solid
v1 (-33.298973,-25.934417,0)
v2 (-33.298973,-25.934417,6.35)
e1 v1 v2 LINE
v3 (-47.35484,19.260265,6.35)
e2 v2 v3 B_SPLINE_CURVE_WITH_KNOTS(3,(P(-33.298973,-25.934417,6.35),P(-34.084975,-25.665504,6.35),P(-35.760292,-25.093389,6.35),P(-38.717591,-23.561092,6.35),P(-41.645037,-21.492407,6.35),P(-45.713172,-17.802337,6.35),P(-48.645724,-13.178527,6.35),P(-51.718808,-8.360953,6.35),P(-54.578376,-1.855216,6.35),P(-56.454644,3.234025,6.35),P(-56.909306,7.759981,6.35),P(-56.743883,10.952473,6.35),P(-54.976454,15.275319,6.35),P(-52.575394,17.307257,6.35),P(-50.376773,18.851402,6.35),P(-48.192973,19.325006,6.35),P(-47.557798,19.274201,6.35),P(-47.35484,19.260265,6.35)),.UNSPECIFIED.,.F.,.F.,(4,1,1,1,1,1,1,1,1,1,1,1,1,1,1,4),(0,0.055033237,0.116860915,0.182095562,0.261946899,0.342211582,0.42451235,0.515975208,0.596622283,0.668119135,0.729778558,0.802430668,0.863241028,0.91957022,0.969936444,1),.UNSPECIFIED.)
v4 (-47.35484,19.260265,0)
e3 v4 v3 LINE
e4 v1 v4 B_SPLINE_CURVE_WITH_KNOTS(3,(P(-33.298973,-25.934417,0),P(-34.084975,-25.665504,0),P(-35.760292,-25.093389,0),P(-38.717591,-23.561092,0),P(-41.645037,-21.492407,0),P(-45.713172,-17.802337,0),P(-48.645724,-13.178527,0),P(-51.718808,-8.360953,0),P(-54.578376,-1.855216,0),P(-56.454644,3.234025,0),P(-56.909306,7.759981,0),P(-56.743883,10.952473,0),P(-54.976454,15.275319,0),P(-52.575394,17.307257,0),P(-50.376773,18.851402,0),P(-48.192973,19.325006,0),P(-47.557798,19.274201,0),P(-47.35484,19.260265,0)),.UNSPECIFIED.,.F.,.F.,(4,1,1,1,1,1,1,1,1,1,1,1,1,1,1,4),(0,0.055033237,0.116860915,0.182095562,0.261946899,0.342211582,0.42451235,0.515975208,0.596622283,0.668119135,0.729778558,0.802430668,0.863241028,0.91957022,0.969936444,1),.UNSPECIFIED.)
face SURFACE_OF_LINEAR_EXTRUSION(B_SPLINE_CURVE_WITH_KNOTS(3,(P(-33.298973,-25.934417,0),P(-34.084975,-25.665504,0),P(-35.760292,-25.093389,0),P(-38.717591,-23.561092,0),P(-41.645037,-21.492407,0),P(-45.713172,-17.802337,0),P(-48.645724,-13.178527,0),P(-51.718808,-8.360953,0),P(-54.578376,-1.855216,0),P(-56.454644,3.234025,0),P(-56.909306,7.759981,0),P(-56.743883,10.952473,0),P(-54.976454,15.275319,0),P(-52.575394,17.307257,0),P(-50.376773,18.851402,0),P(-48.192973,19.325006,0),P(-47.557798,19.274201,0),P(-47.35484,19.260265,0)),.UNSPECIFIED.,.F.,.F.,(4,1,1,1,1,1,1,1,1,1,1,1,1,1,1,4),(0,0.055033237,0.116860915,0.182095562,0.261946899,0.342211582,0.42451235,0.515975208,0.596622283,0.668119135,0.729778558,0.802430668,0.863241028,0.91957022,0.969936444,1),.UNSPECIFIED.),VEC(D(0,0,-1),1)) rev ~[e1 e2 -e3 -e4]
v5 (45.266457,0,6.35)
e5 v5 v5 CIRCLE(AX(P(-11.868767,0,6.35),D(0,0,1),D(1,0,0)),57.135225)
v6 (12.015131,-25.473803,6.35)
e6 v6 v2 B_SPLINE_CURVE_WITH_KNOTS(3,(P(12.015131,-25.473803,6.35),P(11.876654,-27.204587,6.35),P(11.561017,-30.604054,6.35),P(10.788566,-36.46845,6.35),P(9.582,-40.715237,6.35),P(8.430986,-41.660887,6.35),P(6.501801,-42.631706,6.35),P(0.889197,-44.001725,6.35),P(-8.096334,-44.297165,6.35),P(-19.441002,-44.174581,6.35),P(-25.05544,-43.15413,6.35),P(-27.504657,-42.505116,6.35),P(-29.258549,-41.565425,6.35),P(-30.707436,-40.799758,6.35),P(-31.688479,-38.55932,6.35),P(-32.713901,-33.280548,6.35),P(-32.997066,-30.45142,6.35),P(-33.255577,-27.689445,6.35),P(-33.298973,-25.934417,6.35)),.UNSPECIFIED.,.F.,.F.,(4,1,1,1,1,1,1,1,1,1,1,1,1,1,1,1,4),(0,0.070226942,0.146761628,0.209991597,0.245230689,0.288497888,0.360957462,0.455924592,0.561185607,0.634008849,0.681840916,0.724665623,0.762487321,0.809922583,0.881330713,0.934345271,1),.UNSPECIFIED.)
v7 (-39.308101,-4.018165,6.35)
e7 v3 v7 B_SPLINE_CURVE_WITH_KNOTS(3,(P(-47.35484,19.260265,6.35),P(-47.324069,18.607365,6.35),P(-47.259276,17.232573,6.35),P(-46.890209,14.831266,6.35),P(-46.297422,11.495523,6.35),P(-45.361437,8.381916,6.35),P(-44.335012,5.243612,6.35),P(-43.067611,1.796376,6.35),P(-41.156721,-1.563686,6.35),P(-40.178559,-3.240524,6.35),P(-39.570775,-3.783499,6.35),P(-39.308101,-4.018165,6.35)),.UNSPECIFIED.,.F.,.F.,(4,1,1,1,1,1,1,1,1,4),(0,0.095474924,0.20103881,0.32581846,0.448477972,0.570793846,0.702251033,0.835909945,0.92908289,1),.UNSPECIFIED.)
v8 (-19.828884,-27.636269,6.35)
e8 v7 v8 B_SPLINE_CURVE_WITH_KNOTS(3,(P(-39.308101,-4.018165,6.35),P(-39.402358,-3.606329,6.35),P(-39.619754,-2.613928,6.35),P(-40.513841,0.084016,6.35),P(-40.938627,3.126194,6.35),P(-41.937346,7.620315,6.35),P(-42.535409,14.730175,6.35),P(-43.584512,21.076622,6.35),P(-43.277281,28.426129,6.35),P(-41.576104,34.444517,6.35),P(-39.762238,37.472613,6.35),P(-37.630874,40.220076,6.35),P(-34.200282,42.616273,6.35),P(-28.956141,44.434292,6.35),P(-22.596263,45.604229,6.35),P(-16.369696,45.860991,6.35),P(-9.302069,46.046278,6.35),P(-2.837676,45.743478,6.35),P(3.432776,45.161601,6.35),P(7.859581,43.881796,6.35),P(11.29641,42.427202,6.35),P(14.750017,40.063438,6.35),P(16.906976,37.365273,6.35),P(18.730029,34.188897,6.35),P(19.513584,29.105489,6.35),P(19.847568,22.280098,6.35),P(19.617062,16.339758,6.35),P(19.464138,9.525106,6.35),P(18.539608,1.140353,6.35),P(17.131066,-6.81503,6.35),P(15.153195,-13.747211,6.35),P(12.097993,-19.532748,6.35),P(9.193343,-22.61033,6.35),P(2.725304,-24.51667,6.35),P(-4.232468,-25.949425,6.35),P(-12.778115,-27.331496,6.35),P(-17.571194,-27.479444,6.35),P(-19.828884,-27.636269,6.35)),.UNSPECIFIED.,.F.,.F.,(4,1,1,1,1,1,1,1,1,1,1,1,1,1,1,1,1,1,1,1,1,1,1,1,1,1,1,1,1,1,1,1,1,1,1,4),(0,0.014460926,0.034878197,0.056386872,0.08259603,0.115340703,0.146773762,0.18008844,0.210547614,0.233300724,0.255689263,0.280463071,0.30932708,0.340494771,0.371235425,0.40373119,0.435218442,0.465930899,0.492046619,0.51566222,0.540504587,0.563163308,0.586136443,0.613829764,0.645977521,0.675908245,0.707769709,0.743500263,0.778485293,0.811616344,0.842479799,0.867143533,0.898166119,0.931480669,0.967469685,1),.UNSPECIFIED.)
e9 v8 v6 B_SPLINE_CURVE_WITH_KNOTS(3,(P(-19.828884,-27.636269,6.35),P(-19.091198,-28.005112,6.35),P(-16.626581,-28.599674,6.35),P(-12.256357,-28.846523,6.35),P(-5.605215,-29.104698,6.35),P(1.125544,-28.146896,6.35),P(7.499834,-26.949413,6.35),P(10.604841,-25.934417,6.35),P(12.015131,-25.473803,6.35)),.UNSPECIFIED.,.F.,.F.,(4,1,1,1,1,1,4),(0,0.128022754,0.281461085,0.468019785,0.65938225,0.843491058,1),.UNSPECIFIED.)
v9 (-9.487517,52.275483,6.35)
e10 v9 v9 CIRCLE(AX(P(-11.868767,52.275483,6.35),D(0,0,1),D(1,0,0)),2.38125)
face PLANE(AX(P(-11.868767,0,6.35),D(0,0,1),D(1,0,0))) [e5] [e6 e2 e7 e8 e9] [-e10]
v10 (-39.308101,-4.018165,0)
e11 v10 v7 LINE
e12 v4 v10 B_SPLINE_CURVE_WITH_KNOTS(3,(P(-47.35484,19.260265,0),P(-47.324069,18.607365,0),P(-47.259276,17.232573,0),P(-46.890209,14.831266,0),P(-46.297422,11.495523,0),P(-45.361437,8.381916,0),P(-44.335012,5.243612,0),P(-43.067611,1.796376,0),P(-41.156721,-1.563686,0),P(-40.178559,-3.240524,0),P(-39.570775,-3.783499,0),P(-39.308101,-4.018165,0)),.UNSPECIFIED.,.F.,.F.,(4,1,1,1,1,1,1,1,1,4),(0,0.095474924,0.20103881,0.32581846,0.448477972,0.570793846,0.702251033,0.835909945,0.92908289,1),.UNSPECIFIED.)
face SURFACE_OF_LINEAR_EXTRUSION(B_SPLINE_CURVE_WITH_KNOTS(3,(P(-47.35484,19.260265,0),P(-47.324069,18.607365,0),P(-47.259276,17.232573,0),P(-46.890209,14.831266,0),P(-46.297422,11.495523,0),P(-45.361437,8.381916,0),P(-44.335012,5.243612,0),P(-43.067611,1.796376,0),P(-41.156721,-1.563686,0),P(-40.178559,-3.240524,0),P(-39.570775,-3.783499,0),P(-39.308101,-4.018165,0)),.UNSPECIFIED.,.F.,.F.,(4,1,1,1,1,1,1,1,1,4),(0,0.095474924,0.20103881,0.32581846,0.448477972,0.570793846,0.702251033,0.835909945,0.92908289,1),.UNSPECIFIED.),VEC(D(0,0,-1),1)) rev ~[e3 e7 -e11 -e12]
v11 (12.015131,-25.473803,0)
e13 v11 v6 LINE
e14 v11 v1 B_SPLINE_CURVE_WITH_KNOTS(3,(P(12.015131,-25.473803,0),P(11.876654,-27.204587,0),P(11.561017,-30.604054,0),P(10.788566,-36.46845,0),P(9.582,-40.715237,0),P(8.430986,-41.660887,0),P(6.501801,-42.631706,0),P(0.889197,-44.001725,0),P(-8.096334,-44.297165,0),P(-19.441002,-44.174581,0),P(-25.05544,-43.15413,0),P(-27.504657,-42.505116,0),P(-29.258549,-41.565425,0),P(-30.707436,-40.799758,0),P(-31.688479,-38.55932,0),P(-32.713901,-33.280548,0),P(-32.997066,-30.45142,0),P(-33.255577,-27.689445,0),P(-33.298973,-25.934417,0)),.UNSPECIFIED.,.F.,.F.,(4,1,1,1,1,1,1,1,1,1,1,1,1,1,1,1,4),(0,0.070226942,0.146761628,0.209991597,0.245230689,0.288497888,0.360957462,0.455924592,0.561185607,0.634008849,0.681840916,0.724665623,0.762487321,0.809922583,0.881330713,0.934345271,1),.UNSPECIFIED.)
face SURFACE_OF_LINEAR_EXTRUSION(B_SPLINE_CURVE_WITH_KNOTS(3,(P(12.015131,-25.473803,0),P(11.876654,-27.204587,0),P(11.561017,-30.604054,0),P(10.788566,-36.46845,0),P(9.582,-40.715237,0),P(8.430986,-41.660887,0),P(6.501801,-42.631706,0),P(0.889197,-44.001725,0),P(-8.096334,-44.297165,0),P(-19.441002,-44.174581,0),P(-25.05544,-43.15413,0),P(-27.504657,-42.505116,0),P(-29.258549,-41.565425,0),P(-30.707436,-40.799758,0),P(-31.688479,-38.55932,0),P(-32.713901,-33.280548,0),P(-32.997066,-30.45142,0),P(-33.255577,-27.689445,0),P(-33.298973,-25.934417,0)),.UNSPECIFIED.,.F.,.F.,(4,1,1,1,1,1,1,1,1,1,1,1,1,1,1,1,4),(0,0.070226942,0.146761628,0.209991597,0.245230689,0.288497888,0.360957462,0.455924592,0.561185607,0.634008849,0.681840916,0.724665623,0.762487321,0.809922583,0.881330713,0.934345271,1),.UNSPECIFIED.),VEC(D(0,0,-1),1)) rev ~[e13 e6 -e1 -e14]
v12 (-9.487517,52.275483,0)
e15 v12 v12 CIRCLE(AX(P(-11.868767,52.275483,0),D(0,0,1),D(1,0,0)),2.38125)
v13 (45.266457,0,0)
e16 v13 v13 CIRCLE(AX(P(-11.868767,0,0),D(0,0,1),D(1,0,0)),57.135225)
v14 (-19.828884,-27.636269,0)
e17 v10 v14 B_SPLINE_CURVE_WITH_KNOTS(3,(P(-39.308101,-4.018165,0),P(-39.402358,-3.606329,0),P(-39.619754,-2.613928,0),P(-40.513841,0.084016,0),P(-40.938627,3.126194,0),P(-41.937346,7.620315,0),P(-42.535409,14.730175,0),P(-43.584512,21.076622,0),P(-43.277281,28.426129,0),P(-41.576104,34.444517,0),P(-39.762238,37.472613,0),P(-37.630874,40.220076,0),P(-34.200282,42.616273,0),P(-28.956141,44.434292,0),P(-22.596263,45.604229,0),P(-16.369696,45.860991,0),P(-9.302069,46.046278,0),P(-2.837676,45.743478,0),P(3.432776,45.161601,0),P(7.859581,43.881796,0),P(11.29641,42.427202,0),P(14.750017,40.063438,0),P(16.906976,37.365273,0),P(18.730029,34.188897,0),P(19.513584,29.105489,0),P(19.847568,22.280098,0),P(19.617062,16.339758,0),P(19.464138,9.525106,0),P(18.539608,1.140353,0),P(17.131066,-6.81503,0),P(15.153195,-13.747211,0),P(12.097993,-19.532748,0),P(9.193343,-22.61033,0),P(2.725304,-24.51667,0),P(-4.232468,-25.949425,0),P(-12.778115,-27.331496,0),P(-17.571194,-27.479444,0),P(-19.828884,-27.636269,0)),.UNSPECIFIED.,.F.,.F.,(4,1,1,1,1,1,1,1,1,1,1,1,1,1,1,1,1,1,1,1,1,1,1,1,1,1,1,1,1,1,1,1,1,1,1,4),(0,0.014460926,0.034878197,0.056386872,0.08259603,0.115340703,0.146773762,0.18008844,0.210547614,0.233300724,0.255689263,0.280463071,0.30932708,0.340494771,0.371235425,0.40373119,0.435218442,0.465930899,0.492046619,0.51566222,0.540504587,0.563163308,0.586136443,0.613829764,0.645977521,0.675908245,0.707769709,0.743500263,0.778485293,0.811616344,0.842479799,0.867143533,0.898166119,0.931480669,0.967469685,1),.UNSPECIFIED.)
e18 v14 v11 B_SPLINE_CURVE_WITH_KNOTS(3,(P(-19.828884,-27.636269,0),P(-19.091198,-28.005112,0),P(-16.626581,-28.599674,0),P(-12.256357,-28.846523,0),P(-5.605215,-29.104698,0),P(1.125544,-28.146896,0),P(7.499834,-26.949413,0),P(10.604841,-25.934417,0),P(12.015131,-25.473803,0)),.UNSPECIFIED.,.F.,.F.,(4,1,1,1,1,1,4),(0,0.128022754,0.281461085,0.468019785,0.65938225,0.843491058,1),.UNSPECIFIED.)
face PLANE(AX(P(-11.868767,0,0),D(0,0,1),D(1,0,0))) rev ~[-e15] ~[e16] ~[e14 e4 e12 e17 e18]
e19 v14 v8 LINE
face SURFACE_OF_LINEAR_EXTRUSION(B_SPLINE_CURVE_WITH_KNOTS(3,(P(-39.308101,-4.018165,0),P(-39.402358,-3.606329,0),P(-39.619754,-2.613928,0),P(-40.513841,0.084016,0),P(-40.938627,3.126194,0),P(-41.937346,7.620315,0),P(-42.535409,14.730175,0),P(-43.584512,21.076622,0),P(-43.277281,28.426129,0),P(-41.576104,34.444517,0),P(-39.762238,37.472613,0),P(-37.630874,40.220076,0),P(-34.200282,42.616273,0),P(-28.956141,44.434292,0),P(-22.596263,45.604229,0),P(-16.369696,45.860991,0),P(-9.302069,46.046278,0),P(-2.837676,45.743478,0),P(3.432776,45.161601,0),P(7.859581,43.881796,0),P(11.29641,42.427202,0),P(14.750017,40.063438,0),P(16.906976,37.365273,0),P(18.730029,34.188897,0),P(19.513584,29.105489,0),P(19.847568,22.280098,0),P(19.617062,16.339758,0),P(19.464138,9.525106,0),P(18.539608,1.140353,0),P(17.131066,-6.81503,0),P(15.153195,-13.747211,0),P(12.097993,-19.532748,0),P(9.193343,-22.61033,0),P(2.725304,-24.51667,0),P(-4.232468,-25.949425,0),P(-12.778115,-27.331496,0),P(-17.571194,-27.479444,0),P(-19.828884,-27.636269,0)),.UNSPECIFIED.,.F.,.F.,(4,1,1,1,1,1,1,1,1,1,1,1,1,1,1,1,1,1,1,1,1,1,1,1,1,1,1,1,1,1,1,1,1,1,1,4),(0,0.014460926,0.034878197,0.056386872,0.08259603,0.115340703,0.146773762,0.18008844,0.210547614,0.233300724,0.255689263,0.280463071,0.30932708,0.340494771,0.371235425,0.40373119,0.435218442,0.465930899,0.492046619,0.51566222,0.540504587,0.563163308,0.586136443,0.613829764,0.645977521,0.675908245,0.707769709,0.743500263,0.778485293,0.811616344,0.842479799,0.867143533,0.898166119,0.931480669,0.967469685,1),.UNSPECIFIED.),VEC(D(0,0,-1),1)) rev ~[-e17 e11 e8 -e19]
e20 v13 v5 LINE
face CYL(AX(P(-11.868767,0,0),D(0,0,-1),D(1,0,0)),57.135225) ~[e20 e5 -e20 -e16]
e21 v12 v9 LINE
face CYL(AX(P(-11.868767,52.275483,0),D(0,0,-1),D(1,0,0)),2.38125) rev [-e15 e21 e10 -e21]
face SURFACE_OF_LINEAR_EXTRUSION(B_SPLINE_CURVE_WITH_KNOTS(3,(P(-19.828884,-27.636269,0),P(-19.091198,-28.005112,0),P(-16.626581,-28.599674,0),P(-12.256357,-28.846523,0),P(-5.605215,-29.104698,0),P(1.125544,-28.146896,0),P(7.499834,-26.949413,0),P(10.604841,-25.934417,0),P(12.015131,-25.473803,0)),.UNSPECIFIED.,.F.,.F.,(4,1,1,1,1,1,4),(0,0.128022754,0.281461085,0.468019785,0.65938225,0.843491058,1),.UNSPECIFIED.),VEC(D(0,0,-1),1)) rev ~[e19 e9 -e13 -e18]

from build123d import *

# Parameters (mm, degrees)
F1_R     = 57.1352249245
F1_R_2   = 2.38125
F2_DEPTH = 6.35
F3_DEPTH = 6.35


with BuildPart() as f2:
    # F1 (on Top) → F2 (new body)
    with BuildSketch(Plane.XY):
        with Locations((-11.8687674403, 0)):
            Circle(F1_R)
        with Locations((-11.8687674403, 52.2754825652)):
            Circle(F1_R_2, mode=Mode.SUBTRACT)
    extrude(amount=F2_DEPTH)

    # F0 (on Top) → F3 (cut)
    with BuildSketch(Plane.XY):
        with BuildLine():
            add(Edge.make_bspline(
                [(-19.828883931, -27.6362691075), (-19.0911983707, -28.0051118876), (-16.6265805566, -28.5996740522), (-12.2563574265, -28.8465231195), (-5.60521492, -29.1046977112), (1.1255439378, -28.1468959434), (7.4998337406, -26.9494129758), (10.6048407711, -25.9344165559), (12.0151313022, -25.4738028357)],
                knots=[0, 0, 0, 0, 0.1280227538, 0.2814610853, 0.4680197849, 0.6593822503, 0.8434910585, 1, 1, 1, 1], degree=3))
            add(Edge.make_bspline(
                [(-39.3081009388, -4.0181647055), (-39.4023575198, -3.6063293716), (-39.6197540968, -2.6139277985), (-40.5138406384, 0.0840158882), (-40.9386272687, 3.1261941582), (-41.9373459989, 7.6203147523), (-42.5354089026, 14.7301754042), (-43.5845115018, 21.0766221035), (-43.2772808811, 28.4261293077), (-41.576103616, 34.4445174234), (-39.762237914, 37.4726133781), (-37.6308743857, 40.2200762977), (-34.2002818986, 42.6162732477), (-28.9561411713, 44.4342922371), (-22.596263283, 45.604228755), (-16.3696962731, 45.8609913636), (-9.3020690594, 46.046277894), (-2.8376759037, 45.7434782777), (3.4327756317, 45.1616014507), (7.859580587, 43.8817960564), (11.2964096674, 42.4272021764), (14.7500172304, 40.0634377665), (16.9069758449, 37.3652733471), (18.7300291516, 34.1888972938), (19.5135839735, 29.1054891774), (19.8475677223, 22.2800979313), (19.6170620053, 16.3397578278), (19.4641382353, 9.5251057838), (18.5396084075, 1.1403532144), (17.1310662006, -6.8150302018), (15.1531947671, -13.747210919), (12.0979933262, -19.5327475955), (9.1933430016, -22.6103298922), (2.7253038322, -24.516669526), (-4.2324684761, -25.9494246364), (-12.778114958, -27.3314963571), (-17.5711940953, -27.4794438865), (-19.828883931, -27.6362691075)],
                knots=[0, 0, 0, 0, 0.0144609257, 0.034878197, 0.0563868717, 0.0825960298, 0.1153407032, 0.1467737623, 0.18008844, 0.2105476142, 0.2333007243, 0.2556892633, 0.2804630712, 0.3093270801, 0.3404947707, 0.3712354252, 0.4037311901, 0.4352184417, 0.4659308995, 0.4920466194, 0.5156622205, 0.5405045867, 0.5631633076, 0.5861364433, 0.6138297639, 0.6459775213, 0.6759082451, 0.7077697091, 0.7435002635, 0.7784852932, 0.8116163435, 0.8424797994, 0.8671435332, 0.8981661194, 0.9314806693, 0.9674696853, 1, 1, 1, 1], degree=3))
            add(Edge.make_bspline(
                [(-47.3548397422, 19.2602649331), (-47.3240691693, 18.6073652657), (-47.259276456, 17.2325731492), (-46.8902091451, 14.8312655089), (-46.2974218315, 11.4955227047), (-45.3614374622, 8.3819164862), (-44.3350120801, 5.2436118883), (-43.067610512, 1.7963758705), (-41.1567207942, -1.5636856935), (-40.1785591148, -3.2405241192), (-39.5707753899, -3.7834994226), (-39.3081009388, -4.0181647055)],
                knots=[0, 0, 0, 0, 0.0954749237, 0.2010388104, 0.3258184598, 0.4484779716, 0.5707938461, 0.7022510332, 0.8359099449, 0.9290828902, 1, 1, 1, 1], degree=3))
            add(Edge.make_bspline(
                [(-33.2989729941, -25.9344165559), (-34.0849751373, -25.665503732), (-35.7602917908, -25.0933885461), (-38.7175906157, -23.5610922136), (-41.6450365144, -21.4924073297), (-45.7131721867, -17.8023372985), (-48.6457235638, -13.1785266083), (-51.7188079555, -8.3609525386), (-54.5783764318, -1.8552162695), (-56.454643986, 3.2340254009), (-56.9093063345, 7.7599811484), (-56.7438833602, 10.952473222), (-54.9764541855, 15.2753187268), (-52.5753939914, 17.307256554), (-50.3767731806, 18.8514015674), (-48.1929725182, 19.3250063674), (-47.5577978544, 19.2742007806), (-47.3548397422, 19.2602649331)],
                knots=[0, 0, 0, 0, 0.055033237, 0.1168609154, 0.182095562, 0.2619468994, 0.3422115824, 0.4245123496, 0.5159752079, 0.5966222827, 0.6681191346, 0.7297785579, 0.8024306677, 0.8632410278, 0.9195702197, 0.9699364443, 1, 1, 1, 1], degree=3))
            add(Edge.make_bspline(
                [(12.0151313022, -25.4738028357), (11.8766540562, -27.2045867404), (11.5610170133, -30.6040543314), (10.788566453, -36.4684496994), (9.5820000065, -40.7152366768), (8.4309859587, -41.660886991), (6.5018010886, -42.6317064203), (0.8891965067, -44.0017251154), (-8.0963343567, -44.2971652144), (-19.4410020159, -44.1745814904), (-25.0554404461, -43.1541304008), (-27.5046572476, -42.5051163234), (-29.2585493108, -41.5654251437), (-30.7074363978, -40.7997584672), (-31.6884793576, -38.5593198372), (-32.7139006413, -33.2805483106), (-32.9970659479, -30.4514201529), (-33.2555770795, -27.6894452933), (-33.2989729941, -25.9344165559)],
                knots=[0, 0, 0, 0, 0.0702269421, 0.146761628, 0.2099915968, 0.2452306892, 0.2884978879, 0.3609574618, 0.4559245918, 0.5611856069, 0.634008849, 0.6818409158, 0.7246656232, 0.7624873209, 0.8099225832, 0.8813307134, 0.9343452711, 1, 1, 1, 1], degree=3))
        make_face()
    extrude(amount=F3_DEPTH, mode=Mode.SUBTRACT)


solid = f2.part
